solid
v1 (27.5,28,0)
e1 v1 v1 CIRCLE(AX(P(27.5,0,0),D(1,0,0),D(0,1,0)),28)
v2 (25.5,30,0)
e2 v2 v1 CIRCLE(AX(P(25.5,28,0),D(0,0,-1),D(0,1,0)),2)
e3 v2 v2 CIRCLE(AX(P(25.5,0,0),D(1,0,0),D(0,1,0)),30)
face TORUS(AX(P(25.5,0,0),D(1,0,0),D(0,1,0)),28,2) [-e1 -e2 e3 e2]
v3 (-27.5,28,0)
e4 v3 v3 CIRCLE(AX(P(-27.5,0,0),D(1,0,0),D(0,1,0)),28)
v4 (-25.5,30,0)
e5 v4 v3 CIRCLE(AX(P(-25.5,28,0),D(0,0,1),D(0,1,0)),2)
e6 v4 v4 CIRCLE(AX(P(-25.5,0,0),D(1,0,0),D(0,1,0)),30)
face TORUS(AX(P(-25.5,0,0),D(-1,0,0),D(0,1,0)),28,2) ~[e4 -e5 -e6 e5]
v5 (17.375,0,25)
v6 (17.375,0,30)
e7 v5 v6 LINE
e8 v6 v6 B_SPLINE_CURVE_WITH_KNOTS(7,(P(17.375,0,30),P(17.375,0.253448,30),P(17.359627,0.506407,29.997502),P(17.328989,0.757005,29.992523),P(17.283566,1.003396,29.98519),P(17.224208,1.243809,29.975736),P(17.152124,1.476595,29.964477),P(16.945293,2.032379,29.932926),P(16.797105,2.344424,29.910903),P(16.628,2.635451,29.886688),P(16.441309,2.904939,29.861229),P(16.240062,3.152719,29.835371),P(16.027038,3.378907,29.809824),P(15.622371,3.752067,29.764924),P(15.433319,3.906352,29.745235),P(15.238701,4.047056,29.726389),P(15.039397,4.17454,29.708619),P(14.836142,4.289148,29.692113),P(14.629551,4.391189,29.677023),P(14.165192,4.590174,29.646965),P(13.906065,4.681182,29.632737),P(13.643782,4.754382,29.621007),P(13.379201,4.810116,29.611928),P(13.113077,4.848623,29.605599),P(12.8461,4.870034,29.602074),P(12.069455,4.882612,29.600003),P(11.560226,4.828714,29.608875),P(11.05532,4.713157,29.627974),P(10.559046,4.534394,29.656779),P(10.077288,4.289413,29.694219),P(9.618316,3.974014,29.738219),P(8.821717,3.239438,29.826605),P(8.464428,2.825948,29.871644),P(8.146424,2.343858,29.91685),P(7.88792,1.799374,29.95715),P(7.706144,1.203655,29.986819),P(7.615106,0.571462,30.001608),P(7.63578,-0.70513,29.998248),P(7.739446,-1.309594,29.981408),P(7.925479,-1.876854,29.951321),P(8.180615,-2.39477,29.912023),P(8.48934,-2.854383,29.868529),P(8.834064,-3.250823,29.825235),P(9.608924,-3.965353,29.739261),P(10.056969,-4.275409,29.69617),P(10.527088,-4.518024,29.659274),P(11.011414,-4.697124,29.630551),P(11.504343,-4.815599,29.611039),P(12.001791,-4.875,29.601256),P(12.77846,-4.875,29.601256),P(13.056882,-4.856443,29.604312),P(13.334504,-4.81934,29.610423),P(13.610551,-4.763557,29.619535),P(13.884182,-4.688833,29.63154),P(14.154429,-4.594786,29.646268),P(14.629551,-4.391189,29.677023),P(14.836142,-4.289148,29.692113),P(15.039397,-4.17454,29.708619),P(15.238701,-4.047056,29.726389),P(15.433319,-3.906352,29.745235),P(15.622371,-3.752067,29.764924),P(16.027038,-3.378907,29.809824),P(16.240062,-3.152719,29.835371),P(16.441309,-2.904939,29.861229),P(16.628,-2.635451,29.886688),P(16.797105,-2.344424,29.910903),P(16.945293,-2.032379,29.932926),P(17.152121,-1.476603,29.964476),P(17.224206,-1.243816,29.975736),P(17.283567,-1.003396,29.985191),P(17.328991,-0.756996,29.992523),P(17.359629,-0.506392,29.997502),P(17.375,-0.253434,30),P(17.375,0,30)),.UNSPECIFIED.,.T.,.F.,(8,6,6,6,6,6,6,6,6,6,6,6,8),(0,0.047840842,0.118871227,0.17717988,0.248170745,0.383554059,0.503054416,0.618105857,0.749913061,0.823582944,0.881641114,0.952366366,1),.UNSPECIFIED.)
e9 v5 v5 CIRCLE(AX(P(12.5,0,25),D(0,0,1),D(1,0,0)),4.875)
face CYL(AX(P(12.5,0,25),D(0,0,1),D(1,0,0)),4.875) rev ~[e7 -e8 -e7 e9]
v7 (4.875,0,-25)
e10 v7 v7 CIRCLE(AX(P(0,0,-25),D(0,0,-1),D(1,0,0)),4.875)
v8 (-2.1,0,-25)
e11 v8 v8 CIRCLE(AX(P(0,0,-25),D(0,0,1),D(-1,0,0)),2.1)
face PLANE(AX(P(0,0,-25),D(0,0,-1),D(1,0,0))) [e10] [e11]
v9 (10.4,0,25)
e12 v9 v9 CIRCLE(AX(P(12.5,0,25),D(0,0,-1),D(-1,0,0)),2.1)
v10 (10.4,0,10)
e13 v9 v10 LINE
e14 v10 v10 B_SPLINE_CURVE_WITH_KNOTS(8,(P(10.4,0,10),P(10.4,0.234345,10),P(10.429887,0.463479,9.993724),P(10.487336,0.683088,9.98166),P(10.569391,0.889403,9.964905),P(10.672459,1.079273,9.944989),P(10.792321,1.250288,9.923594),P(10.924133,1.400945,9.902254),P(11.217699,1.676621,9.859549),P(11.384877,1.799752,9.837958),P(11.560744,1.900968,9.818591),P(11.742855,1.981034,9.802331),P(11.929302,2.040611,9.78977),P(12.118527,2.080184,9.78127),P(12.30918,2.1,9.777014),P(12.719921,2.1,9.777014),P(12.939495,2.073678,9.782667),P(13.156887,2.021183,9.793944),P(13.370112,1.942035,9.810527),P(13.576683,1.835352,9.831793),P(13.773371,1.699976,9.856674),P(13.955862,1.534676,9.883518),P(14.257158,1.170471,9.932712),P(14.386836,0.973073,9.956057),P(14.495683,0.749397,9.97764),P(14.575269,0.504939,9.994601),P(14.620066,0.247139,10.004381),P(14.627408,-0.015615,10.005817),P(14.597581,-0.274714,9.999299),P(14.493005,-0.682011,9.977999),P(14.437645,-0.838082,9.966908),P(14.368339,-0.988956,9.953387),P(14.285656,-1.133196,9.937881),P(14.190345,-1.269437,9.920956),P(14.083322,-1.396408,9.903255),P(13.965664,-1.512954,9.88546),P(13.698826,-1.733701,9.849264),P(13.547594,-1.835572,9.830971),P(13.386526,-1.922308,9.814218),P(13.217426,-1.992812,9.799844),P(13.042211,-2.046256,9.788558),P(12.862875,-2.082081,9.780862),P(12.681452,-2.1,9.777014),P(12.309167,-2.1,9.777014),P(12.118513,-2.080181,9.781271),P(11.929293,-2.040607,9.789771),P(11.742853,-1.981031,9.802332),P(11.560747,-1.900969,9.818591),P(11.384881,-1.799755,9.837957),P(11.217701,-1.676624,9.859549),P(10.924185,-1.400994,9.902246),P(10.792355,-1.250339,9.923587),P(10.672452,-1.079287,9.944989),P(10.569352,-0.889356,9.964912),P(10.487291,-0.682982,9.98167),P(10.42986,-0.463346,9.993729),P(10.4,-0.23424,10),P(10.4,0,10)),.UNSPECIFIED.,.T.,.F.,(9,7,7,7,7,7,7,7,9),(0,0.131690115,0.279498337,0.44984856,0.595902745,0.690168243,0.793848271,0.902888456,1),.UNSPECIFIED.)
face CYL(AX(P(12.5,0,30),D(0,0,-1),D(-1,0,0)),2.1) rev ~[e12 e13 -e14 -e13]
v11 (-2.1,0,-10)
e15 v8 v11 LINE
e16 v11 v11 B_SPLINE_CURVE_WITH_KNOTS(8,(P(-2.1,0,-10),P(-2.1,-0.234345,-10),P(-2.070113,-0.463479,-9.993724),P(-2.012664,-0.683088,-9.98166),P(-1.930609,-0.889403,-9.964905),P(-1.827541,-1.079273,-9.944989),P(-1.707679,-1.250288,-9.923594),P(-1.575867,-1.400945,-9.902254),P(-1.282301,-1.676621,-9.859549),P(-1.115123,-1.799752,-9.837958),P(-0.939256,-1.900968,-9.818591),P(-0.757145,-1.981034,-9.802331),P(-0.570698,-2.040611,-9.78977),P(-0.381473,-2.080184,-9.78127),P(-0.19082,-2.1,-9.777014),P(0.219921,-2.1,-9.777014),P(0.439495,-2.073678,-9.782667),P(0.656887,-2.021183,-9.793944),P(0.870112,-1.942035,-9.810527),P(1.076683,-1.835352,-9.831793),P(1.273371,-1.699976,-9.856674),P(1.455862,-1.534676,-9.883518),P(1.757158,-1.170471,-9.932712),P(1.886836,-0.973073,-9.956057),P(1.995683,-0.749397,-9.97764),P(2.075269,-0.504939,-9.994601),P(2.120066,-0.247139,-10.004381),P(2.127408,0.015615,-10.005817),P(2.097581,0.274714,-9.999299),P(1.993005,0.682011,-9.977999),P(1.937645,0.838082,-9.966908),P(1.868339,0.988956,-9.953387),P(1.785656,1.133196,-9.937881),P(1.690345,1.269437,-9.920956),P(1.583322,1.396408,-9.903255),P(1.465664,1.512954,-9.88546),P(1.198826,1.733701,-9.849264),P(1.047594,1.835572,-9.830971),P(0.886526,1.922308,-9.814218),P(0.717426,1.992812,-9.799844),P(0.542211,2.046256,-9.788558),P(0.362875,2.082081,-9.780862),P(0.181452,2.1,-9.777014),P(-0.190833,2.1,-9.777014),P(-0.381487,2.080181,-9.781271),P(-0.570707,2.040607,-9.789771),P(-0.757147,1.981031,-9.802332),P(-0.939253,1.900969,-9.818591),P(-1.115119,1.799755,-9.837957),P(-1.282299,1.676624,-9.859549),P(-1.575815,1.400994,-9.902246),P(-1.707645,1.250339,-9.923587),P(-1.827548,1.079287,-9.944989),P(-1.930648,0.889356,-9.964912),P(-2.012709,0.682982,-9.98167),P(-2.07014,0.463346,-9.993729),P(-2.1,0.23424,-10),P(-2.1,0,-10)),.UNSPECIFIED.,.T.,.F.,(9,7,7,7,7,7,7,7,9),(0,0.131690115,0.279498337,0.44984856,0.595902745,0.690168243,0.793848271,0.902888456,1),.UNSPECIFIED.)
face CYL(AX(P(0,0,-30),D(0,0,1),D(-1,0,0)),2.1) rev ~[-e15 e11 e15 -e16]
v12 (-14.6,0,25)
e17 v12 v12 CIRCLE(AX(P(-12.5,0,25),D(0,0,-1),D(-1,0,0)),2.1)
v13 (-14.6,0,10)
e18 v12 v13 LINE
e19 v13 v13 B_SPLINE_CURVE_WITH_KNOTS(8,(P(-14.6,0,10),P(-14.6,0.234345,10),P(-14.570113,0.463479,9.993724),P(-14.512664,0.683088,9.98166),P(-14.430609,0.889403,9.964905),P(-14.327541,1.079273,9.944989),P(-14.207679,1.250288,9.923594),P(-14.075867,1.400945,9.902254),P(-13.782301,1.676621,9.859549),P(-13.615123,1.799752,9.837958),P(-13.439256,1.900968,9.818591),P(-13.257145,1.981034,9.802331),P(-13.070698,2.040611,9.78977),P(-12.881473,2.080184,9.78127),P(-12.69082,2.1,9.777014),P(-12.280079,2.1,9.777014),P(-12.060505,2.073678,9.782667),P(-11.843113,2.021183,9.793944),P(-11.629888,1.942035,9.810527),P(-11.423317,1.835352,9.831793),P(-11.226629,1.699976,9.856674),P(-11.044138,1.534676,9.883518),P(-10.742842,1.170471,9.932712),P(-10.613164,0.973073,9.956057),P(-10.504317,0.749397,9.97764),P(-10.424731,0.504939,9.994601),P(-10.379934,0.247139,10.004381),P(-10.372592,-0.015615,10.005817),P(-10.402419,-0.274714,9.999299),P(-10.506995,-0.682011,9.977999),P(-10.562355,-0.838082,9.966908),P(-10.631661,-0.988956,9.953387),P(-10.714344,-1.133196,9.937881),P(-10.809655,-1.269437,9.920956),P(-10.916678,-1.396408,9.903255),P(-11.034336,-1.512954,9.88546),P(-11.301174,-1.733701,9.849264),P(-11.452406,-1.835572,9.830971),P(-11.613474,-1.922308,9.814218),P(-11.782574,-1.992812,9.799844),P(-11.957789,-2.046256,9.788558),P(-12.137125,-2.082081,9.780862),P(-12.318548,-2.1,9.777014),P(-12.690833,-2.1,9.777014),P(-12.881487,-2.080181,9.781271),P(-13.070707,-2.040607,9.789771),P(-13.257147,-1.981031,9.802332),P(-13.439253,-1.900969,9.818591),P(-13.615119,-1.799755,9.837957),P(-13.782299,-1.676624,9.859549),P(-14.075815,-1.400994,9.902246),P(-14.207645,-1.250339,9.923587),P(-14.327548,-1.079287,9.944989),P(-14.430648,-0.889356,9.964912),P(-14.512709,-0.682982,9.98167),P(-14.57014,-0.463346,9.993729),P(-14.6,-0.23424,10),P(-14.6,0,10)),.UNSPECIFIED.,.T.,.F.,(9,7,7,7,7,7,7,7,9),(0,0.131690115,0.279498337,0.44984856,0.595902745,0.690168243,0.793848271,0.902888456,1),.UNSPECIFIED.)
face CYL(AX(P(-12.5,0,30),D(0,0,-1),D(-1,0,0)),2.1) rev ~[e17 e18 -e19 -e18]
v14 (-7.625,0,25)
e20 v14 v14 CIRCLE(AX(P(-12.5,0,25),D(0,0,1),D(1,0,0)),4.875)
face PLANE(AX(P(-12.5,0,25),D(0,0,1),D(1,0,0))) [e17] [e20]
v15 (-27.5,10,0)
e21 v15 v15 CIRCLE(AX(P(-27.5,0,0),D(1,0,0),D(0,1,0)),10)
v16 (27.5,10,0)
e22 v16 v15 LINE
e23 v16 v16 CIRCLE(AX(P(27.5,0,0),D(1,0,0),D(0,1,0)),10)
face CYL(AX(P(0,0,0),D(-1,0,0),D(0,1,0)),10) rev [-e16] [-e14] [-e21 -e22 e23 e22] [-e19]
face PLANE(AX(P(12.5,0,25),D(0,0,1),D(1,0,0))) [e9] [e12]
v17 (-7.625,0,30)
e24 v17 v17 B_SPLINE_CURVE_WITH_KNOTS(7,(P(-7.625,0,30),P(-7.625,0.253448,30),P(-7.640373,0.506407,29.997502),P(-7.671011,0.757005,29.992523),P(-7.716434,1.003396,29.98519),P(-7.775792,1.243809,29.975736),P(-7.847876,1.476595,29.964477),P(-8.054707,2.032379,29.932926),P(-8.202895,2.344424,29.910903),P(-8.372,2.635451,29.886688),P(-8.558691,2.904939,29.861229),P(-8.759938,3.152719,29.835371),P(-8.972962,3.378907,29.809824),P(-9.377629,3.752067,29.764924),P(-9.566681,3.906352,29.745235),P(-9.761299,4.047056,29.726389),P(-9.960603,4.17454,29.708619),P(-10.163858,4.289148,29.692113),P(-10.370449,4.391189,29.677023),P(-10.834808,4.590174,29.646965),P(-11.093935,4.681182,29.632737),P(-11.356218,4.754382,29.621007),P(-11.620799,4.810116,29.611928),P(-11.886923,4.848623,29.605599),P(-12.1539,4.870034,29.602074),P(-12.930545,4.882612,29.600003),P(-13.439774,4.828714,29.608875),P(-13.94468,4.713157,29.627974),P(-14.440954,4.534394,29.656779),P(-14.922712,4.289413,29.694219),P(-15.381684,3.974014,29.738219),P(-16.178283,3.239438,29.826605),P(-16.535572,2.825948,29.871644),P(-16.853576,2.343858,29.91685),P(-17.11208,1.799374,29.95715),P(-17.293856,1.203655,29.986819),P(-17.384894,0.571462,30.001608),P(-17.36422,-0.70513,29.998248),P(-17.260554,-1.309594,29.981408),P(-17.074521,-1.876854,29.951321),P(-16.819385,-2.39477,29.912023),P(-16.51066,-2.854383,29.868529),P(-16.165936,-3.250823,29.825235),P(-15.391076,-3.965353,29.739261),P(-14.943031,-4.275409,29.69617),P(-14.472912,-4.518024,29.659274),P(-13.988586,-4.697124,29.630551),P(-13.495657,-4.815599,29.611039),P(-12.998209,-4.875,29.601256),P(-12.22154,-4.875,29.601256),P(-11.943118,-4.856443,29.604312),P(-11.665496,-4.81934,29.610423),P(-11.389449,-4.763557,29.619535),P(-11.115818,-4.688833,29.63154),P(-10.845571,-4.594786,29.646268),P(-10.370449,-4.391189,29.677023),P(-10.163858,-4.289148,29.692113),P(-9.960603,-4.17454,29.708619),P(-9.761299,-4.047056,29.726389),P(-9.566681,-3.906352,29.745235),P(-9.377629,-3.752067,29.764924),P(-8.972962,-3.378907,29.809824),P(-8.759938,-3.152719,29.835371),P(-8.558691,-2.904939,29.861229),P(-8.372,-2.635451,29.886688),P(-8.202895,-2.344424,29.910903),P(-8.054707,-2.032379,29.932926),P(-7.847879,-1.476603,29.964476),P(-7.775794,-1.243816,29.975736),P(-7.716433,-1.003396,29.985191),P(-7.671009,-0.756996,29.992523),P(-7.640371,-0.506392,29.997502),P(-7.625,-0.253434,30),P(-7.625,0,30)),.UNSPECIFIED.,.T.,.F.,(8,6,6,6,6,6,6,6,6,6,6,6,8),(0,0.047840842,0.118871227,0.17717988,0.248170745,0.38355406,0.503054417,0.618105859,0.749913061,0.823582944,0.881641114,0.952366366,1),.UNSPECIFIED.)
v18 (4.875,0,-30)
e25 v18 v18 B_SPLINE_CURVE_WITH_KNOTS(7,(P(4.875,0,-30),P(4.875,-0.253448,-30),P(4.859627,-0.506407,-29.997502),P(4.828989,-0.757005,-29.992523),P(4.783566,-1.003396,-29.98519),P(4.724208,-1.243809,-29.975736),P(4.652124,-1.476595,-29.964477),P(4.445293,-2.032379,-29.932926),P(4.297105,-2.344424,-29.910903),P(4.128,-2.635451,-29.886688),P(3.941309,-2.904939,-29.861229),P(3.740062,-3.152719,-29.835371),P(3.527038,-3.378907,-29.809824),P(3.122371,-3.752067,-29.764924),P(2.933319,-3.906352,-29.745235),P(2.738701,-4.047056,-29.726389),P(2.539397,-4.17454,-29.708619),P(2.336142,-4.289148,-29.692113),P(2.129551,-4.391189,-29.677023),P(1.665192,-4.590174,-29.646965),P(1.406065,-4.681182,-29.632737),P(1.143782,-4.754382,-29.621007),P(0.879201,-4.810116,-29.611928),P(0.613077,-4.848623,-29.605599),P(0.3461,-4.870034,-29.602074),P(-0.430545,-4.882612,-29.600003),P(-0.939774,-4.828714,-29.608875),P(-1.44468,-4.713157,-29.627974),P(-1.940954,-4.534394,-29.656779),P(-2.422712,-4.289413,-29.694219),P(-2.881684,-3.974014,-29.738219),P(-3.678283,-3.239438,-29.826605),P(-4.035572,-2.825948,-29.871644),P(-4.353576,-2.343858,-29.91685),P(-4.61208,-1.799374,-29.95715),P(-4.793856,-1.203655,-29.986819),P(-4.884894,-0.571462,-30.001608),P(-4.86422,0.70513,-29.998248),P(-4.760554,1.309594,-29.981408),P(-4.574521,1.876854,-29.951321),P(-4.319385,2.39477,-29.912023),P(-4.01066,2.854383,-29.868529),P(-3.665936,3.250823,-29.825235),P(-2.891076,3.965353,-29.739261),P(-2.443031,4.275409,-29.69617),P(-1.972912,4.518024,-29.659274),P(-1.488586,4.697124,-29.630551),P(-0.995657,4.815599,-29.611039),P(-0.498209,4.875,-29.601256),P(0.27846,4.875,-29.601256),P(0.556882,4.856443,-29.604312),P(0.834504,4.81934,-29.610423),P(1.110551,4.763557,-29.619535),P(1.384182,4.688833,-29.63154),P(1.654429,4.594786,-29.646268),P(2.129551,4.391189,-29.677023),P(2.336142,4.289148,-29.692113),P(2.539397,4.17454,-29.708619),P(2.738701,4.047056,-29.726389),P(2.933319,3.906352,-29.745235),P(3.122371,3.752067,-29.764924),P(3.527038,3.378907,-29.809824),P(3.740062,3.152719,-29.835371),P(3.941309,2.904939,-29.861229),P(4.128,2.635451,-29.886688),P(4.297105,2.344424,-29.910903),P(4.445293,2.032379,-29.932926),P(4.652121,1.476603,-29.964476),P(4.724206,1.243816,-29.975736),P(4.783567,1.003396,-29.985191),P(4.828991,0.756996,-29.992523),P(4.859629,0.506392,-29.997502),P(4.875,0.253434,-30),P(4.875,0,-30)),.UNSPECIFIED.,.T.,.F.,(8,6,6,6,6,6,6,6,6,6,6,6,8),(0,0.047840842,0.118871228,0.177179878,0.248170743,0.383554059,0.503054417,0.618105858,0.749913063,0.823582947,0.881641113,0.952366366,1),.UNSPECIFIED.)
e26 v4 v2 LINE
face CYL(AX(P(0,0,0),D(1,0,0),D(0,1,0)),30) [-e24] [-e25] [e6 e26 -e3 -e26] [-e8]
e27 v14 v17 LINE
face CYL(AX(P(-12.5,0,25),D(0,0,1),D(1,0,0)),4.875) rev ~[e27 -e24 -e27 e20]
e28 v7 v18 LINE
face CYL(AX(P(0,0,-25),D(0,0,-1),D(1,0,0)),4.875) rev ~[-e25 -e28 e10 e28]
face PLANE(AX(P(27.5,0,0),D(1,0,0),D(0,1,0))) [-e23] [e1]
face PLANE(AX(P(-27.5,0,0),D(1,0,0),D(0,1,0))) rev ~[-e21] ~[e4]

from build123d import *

# Parameters (mm, degrees)
F2_R           = 30
F2_R_2         = 10
F5_DEPTH       = 27.5
F6_R           = 2
F7_D           = 4.2
F7_DEPTH       = 22
F7_CBORE_D     = 9.75
F7_CBORE_DEPTH = 5
F7_TIP         = 1.2618073
F8_D           = 4.2
F8_DEPTH       = 22
F8_CBORE_D     = 9.75
F8_CBORE_DEPTH = 5
F8_TIP         = 1.2618073


with BuildPart() as f5:
    # F2 (on Right) → F5 (new body, symmetric)
    with BuildSketch(Plane.YZ):
        Circle(F2_R)
        Circle(F2_R_2, mode=Mode.SUBTRACT)
    extrude(amount=F5_DEPTH, both=True)

    # F6
    f6_edges = [f5.edges().sort_by_distance(p)[0] for p in [
        (27.5, -30, 0),
        (-27.5, -30, 0),
    ]]
    fillet(f6_edges, radius=F6_R)

    # F7
    with Locations(Plane.XY.offset(30)):
        with Locations((-12.5, 0), (12.5, 0)):
            CounterBoreHole(F7_D / 2, F7_CBORE_D / 2, F7_CBORE_DEPTH, depth=F7_DEPTH)
            with Locations((0, 0, -(F7_DEPTH + F7_TIP / 2))):  # 118° drill point
                Cone(0, F7_D / 2, F7_TIP, mode=Mode.SUBTRACT)

    # F8
    with Locations(Plane(origin=(0, 0, -30), x_dir=(1, 0, 0), z_dir=(0, 0, -1))):
        with Locations((0, 0)):
            CounterBoreHole(F8_D / 2, F8_CBORE_D / 2, F8_CBORE_DEPTH, depth=F8_DEPTH)
            with Locations((0, 0, -(F8_DEPTH + F8_TIP / 2))):  # 118° drill point
                Cone(0, F8_D / 2, F8_TIP, mode=Mode.SUBTRACT)


solid = f5.part
